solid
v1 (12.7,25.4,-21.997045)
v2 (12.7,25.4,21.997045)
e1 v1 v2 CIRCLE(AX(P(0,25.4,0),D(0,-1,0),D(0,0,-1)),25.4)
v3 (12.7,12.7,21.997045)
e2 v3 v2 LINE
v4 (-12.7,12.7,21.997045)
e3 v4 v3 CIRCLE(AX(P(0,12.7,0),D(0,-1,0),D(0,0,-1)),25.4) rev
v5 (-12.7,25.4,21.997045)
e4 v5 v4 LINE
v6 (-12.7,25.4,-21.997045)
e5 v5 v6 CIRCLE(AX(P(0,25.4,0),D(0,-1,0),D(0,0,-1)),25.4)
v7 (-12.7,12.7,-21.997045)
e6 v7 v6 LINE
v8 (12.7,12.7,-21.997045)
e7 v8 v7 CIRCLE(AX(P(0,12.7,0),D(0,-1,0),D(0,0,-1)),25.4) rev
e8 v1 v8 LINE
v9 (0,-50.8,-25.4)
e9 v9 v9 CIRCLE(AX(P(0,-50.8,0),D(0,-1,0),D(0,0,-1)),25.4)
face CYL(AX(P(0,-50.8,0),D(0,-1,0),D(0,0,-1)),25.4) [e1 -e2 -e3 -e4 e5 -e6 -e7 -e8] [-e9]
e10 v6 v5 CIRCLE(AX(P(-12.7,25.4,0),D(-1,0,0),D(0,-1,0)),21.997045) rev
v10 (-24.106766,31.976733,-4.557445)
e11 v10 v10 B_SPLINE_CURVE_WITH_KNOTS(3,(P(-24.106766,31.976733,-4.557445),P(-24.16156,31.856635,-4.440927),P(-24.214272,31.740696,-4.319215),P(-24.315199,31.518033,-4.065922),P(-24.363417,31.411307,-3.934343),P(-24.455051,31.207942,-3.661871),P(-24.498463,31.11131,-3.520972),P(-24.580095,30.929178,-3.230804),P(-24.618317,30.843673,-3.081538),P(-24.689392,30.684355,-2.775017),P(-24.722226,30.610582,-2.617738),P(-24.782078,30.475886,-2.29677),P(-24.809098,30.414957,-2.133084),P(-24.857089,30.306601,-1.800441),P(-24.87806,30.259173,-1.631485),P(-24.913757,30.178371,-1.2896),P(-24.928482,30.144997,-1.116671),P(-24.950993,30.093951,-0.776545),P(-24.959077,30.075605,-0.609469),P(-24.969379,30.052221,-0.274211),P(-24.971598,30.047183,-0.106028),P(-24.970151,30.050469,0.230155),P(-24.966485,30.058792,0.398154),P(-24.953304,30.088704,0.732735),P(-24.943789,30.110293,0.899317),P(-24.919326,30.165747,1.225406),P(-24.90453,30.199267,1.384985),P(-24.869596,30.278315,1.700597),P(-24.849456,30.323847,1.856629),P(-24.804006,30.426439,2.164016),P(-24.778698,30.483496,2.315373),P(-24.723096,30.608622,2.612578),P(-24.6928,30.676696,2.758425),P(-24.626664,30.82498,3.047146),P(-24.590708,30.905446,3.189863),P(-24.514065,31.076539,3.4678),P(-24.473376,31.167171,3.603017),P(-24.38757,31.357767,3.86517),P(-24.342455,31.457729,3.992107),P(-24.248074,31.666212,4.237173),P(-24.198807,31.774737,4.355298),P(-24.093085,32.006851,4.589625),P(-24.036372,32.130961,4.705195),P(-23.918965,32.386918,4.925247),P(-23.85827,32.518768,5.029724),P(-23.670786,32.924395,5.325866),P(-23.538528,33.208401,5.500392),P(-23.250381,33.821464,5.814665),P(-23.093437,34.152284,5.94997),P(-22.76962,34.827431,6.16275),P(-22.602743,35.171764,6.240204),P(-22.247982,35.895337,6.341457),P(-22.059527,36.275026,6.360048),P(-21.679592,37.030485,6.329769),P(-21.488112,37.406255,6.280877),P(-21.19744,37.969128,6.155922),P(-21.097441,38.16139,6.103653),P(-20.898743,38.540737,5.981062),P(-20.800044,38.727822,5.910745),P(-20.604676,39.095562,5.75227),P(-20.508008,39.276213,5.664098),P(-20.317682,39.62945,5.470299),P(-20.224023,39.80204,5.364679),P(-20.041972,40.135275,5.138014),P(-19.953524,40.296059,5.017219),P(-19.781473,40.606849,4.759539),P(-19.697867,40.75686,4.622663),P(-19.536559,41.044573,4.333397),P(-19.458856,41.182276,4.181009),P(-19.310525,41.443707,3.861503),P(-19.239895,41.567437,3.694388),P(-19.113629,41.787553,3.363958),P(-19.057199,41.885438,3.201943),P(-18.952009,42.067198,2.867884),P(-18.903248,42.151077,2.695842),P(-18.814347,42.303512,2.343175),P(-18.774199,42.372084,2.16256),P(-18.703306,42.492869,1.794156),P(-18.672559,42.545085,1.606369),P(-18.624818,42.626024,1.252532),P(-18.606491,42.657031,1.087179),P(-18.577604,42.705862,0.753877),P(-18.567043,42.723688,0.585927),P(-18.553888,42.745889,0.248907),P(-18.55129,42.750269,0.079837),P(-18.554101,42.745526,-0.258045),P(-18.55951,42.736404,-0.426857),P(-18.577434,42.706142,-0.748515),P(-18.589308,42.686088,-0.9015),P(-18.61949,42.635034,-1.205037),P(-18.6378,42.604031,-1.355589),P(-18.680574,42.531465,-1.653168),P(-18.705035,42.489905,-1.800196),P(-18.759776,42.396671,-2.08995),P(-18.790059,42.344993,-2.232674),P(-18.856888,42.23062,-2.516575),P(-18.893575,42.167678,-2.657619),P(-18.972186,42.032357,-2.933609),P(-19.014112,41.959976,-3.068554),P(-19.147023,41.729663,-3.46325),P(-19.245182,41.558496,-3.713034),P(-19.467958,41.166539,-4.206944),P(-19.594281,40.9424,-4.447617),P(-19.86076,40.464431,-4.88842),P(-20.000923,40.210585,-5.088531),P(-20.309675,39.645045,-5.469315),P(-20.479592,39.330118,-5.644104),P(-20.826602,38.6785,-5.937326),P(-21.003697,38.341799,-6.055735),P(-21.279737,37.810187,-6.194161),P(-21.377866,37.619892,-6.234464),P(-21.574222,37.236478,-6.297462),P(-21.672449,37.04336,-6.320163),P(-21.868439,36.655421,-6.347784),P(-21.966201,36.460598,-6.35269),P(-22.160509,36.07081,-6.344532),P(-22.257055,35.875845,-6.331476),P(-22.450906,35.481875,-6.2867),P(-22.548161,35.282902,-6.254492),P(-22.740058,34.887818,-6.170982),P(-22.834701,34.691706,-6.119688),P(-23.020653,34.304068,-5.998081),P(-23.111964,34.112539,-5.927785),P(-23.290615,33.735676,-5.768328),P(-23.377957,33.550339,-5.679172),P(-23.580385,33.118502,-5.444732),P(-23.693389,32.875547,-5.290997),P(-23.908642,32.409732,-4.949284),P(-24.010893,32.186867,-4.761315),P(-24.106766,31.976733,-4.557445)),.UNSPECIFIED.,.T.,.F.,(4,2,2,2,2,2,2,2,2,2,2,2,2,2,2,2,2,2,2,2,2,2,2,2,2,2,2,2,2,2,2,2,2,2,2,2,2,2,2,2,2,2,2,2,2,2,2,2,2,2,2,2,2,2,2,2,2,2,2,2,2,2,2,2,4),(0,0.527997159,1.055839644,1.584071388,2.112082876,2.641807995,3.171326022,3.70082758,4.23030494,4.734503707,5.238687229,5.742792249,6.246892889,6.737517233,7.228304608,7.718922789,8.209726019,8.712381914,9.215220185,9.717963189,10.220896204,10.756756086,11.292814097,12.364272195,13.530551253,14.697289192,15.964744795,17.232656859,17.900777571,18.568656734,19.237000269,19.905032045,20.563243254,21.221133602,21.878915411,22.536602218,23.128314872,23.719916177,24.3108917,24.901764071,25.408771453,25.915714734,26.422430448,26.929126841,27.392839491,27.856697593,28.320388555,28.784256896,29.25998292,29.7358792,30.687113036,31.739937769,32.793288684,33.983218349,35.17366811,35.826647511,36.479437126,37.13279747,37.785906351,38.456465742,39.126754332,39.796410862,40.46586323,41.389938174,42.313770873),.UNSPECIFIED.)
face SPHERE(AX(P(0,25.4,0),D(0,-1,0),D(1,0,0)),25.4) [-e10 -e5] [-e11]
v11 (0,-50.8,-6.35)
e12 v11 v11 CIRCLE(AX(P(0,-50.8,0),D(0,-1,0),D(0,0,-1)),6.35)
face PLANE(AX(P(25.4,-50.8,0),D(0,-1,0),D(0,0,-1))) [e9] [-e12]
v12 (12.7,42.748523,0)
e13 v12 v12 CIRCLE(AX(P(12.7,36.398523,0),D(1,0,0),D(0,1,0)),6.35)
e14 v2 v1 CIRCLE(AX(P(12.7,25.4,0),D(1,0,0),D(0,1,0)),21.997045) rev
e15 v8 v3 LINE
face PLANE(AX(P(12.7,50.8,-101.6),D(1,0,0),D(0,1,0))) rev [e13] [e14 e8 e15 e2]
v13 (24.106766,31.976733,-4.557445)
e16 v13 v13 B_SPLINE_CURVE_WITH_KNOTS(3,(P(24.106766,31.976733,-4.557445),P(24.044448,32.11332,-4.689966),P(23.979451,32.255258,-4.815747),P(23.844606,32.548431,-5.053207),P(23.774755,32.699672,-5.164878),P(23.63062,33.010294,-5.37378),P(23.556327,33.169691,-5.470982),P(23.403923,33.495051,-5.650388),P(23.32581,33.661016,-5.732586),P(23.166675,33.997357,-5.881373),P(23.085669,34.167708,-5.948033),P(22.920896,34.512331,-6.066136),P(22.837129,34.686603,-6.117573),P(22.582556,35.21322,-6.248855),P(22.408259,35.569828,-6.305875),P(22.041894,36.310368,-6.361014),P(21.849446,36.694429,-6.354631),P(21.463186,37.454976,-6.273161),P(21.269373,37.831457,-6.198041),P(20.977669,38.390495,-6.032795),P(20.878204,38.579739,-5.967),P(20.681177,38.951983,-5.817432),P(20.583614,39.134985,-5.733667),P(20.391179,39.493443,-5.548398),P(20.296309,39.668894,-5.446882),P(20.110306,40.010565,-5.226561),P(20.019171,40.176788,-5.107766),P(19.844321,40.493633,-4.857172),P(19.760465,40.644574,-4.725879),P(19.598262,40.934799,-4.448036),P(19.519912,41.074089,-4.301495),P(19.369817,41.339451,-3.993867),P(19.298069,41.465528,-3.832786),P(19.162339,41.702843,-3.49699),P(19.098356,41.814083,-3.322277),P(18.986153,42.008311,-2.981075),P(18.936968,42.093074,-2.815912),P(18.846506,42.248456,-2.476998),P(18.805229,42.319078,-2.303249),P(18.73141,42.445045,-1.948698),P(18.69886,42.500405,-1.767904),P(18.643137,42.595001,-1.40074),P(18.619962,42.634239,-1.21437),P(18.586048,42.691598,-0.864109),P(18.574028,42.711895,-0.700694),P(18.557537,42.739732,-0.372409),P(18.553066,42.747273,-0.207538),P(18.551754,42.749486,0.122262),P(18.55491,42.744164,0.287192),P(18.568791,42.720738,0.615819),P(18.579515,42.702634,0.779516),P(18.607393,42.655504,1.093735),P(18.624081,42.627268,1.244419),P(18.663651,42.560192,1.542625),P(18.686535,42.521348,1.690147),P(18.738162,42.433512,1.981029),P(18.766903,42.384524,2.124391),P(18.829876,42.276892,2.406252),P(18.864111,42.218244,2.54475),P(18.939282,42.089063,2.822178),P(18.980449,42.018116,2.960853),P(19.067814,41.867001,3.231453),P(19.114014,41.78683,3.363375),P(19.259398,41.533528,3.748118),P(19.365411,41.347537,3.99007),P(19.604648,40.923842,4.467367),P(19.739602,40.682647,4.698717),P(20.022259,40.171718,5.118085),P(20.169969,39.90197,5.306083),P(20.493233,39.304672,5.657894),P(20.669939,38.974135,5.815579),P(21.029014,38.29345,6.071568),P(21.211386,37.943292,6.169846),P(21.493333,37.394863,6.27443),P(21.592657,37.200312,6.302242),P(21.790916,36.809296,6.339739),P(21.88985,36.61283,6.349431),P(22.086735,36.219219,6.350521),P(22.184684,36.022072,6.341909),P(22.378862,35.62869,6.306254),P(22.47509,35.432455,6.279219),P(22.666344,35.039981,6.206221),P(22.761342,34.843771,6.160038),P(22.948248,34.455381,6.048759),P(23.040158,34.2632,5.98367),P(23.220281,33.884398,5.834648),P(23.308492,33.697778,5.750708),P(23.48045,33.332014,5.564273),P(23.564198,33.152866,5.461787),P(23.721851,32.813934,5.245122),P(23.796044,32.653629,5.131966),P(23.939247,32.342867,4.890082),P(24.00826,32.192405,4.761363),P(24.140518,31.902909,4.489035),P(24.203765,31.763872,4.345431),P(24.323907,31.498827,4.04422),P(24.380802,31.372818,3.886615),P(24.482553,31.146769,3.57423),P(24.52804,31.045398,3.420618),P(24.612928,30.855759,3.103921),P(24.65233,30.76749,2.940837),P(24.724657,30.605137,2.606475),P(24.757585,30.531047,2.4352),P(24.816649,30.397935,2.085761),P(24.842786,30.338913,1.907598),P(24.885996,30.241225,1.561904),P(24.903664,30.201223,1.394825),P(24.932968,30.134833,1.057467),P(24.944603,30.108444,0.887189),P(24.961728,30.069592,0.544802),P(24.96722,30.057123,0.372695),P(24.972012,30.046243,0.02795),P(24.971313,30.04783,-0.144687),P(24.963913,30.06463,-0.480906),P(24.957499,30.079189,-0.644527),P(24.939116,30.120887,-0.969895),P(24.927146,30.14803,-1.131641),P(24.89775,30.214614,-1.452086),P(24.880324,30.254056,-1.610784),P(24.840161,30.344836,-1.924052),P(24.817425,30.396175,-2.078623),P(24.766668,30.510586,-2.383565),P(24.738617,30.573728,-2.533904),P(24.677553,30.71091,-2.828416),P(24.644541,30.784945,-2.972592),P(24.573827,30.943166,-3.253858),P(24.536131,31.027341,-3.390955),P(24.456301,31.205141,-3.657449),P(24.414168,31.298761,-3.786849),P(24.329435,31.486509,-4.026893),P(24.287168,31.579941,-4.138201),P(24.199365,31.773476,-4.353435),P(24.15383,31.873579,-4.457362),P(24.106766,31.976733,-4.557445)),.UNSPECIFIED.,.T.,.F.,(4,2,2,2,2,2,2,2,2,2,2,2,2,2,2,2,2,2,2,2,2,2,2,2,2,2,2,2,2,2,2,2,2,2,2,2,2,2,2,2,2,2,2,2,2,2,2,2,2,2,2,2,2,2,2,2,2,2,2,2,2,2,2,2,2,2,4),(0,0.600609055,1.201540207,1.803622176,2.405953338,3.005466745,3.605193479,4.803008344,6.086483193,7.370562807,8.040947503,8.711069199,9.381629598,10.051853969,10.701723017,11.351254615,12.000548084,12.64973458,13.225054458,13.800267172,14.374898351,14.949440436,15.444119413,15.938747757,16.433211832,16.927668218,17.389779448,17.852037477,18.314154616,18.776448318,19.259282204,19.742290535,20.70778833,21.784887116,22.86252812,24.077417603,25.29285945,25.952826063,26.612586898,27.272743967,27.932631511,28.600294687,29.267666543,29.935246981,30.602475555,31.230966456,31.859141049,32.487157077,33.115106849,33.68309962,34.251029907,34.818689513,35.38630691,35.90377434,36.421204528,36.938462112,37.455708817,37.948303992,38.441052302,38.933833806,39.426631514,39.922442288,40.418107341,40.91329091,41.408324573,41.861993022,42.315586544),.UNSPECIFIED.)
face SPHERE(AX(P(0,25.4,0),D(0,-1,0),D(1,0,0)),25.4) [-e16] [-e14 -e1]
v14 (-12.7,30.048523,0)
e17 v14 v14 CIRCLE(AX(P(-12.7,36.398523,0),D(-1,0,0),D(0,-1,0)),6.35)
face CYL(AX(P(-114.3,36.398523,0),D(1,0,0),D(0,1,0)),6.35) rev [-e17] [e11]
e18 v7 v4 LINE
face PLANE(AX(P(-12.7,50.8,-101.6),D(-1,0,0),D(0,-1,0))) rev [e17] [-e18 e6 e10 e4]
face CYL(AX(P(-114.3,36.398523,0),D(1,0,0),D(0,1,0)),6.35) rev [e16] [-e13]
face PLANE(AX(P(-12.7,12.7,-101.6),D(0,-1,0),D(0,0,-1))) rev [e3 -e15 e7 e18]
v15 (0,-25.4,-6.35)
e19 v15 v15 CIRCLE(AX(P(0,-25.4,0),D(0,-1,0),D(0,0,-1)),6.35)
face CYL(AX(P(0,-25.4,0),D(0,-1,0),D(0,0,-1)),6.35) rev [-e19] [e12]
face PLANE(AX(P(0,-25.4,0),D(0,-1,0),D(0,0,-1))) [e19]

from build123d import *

# Parameters (mm, degrees)
SKETCH2_W          = 25.4
SKETCH2_H          = 38.1
CUT_EXTRUDE1_DEPTH = 101.6
SKETCH3_R          = 6.35
CUT_EXTRUDE2_DEPTH = 101.6
SKETCH4_R          = 6.35
CUT_EXTRUDE3_DEPTH = 25.4


with BuildPart() as part:
    # Sketch1 → Revolve3 (revolve)
    with BuildSketch(Plane.XY):
        with BuildLine():
            Line((0, -50.8), (0, 50.8))
            ThreePointArc((0, 50.8), (17.960512242, 43.360512242), (25.4, 25.4))
            Line((25.4, 25.4), (25.4, -50.8))
            Line((25.4, -50.8), (0, -50.8))
        make_face()
    revolve(axis=Axis((0, -50.8, 0), (0, 1, 0)))

    # Sketch2 → Cut-Extrude1 (cut, symmetric)
    with BuildSketch(Plane.XY):
        with Locations((0, 31.75)):
            Rectangle(SKETCH2_W, SKETCH2_H)
    extrude(amount=CUT_EXTRUDE1_DEPTH, both=True, mode=Mode.SUBTRACT)

    # Sketch3 → Cut-Extrude2 (cut, symmetric)
    with BuildSketch(Plane(origin=(-12.7, 0, 0), x_dir=(0, 0, -1), z_dir=(1, 0, 0))):
        with Locations((0, 36.398522628)):
            Circle(SKETCH3_R)
    extrude(amount=CUT_EXTRUDE2_DEPTH, both=True, mode=Mode.SUBTRACT)

    # Sketch4 → Cut-Extrude3 (cut)
    with BuildSketch(Plane.XZ.offset(50.8)):
        Circle(SKETCH4_R)
    extrude(amount=-CUT_EXTRUDE3_DEPTH, mode=Mode.SUBTRACT)


solid = part.part
